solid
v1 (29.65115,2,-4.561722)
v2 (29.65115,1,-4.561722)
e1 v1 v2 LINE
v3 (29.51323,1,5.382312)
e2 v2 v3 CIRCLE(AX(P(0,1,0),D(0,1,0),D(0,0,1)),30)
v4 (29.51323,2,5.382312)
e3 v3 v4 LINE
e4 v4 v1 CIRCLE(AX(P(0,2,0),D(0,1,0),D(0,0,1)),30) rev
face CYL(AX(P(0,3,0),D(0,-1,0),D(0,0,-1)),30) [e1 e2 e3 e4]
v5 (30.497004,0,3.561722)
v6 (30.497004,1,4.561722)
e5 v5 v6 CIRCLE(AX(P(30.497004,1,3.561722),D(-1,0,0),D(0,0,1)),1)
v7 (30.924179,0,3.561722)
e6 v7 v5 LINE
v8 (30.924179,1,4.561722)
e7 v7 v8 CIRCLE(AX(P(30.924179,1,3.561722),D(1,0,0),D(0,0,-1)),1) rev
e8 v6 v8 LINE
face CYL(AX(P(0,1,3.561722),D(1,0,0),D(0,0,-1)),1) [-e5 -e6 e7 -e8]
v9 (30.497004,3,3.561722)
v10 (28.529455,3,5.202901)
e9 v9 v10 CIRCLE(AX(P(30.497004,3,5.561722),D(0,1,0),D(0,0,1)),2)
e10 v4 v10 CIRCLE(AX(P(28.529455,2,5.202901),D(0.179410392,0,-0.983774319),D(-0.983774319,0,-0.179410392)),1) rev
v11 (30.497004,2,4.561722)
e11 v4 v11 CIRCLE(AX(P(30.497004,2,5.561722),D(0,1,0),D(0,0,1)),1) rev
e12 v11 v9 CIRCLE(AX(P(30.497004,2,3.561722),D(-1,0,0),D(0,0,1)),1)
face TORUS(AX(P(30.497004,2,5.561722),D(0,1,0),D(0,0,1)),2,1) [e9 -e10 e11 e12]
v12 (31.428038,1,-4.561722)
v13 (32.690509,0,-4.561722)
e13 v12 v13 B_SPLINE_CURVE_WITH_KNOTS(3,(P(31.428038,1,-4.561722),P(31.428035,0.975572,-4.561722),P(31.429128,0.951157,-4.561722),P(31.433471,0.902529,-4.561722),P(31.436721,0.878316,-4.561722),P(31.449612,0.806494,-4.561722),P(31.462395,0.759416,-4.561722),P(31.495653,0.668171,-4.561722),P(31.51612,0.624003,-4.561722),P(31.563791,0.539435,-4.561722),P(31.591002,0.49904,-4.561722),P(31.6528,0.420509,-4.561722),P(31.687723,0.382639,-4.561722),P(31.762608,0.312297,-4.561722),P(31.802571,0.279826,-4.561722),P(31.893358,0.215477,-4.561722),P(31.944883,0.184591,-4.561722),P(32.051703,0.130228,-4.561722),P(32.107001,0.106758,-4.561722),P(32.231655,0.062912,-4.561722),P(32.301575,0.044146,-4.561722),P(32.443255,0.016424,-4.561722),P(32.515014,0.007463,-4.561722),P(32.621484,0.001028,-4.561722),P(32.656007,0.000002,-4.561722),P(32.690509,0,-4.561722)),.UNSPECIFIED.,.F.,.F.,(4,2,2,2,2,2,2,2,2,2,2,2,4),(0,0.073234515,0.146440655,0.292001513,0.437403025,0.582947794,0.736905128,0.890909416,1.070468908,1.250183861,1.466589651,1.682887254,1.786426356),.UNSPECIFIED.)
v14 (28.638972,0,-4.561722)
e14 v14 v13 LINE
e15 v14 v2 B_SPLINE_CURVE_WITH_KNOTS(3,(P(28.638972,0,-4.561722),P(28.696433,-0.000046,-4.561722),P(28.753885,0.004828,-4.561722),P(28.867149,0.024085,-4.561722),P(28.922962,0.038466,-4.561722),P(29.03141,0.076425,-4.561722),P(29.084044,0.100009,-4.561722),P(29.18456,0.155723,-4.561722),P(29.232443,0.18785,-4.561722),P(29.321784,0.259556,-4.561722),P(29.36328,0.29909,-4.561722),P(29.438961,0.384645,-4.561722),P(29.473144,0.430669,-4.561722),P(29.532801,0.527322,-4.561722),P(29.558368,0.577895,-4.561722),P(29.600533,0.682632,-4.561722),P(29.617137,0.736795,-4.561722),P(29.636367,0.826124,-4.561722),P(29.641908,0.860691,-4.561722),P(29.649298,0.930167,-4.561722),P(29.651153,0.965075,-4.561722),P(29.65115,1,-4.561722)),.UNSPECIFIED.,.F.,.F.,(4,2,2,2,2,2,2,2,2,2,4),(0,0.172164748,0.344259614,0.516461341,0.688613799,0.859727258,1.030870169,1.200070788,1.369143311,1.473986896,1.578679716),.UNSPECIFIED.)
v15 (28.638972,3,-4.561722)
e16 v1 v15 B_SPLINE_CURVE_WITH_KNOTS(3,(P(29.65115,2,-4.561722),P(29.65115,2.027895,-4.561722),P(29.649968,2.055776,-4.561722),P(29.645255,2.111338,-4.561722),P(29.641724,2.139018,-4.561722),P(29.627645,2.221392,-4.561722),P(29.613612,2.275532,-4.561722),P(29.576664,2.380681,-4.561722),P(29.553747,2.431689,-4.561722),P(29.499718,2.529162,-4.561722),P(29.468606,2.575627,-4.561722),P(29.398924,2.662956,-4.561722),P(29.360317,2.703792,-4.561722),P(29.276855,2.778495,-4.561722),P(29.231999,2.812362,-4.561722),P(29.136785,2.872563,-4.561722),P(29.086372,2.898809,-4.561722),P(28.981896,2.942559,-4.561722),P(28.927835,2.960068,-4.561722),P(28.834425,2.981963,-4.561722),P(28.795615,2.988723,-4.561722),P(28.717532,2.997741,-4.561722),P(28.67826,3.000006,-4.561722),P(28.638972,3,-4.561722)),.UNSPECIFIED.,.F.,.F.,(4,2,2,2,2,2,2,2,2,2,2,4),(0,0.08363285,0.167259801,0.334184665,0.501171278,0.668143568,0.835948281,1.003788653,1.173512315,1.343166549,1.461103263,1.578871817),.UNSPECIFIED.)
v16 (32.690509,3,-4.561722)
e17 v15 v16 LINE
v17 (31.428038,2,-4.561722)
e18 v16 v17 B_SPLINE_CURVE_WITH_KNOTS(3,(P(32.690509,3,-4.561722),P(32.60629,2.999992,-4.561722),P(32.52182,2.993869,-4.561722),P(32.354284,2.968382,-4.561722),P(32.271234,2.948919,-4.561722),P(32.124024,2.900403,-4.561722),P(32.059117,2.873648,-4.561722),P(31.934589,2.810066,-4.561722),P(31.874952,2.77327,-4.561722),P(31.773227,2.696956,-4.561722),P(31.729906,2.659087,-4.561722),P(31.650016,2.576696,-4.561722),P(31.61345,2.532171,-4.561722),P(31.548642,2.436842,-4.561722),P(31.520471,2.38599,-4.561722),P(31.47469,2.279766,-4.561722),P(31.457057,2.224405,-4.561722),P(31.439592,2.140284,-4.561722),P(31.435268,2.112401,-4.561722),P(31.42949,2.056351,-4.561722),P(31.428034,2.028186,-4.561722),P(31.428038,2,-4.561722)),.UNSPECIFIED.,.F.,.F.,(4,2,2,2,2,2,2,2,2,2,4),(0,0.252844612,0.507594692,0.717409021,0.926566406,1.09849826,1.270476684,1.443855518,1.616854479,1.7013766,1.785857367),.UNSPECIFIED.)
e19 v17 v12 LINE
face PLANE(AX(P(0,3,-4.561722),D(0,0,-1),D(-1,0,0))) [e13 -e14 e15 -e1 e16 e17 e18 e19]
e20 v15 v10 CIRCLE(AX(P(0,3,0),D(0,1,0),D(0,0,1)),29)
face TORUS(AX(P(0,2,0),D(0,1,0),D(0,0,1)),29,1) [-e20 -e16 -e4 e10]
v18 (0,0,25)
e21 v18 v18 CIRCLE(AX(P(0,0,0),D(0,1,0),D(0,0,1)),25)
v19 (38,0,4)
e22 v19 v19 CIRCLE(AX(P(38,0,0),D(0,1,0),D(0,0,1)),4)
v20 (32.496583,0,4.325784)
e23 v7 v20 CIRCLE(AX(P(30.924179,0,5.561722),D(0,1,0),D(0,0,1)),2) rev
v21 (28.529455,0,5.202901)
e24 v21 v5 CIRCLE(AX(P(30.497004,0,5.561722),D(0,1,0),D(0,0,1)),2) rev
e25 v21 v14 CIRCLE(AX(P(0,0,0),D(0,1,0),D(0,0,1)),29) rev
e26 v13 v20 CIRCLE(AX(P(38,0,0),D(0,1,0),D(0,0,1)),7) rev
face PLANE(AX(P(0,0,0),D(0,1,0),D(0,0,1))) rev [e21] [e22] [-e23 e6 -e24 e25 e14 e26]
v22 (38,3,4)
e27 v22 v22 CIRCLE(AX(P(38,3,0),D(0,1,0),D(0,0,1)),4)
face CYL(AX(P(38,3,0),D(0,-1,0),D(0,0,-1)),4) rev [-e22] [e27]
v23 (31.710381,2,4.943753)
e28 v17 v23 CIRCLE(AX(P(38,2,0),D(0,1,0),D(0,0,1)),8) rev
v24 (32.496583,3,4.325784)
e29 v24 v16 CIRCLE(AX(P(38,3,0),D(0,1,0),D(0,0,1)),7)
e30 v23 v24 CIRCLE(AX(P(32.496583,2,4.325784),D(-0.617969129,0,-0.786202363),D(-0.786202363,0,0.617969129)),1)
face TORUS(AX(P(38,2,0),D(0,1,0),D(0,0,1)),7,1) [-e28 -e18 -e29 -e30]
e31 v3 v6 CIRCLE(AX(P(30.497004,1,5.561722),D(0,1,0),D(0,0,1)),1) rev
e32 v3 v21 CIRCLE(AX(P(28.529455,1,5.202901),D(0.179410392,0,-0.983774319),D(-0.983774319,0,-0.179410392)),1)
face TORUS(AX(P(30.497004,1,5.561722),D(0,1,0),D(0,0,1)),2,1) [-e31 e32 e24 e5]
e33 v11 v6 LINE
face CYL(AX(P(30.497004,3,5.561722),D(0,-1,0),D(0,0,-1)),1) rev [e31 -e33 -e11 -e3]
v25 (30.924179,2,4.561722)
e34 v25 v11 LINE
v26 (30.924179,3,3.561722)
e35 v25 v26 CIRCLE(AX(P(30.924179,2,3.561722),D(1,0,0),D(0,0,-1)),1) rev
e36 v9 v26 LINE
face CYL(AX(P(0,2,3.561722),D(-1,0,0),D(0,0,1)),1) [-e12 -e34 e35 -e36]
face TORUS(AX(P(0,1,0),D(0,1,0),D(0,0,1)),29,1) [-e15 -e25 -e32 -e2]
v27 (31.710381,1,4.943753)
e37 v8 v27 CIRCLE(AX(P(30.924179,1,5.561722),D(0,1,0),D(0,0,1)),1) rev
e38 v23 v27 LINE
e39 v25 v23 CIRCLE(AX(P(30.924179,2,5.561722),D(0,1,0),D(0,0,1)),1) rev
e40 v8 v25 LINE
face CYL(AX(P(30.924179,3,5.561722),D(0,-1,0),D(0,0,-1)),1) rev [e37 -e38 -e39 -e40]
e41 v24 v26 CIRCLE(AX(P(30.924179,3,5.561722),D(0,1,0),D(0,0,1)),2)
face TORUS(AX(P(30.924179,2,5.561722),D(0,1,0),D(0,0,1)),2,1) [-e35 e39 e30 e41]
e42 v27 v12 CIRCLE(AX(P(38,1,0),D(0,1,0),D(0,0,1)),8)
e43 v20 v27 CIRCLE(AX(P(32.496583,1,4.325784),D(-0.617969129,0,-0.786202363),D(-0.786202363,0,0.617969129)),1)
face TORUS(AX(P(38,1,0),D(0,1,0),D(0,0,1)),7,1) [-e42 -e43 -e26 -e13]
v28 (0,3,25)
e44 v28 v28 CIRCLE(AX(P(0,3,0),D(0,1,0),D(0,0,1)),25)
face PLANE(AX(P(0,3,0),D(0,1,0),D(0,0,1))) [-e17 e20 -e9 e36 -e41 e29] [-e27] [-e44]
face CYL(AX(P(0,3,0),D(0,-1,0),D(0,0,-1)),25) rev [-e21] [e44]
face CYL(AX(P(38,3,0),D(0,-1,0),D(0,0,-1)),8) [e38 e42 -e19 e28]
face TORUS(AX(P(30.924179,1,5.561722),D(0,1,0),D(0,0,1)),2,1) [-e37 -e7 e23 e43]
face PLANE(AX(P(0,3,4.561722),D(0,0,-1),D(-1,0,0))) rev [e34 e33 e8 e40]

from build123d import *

# Parameters (mm, degrees)
SKETCH1_R           = 25
SKETCH1_R_2         = 4
BOSS_EXTRUDE1_DEPTH = 3
FILLET1_R           = 1


with BuildPart() as part:
    # Sketch1 → Boss-Extrude1 (new body)
    with BuildSketch(Plane(origin=(0, 0, 0), x_dir=(1, 0, 0), z_dir=(0, 1, 0))):
        with BuildLine():
            Line((31.428037515, 4.561722164), (29.651149909, 4.561722164))
            ThreePointArc((29.651149909, 4.561722164), (-30, 0), (29.651149909, -4.561722164))
            Line((29.651149909, -4.561722164), (31.428037515, -4.561722164))
            ThreePointArc((31.428037515, -4.561722164), (46, 0), (31.428037515, 4.561722164))
        make_face()
        Circle(SKETCH1_R, mode=Mode.SUBTRACT)
        with Locations((38, 0)):
            Circle(SKETCH1_R_2, mode=Mode.SUBTRACT)
    extrude(amount=BOSS_EXTRUDE1_DEPTH)

    # Fillet1
    fillet1_edges = [part.edges().sort_by_distance(p)[0] for p in [
        (30.539593712, 0, 4.561722164),
        (-30, 0, 0),
        (30.539593712, 3, 4.561722164),
        (31.428037515, 1.5, 4.561722164),
        (29.651149909, 1.5, 4.561722164),
        (46, 3, 0),
        (-30, 3, 0),
        (46, 0, 0),
    ]]
    fillet(fillet1_edges, radius=FILLET1_R)


solid = part.part
